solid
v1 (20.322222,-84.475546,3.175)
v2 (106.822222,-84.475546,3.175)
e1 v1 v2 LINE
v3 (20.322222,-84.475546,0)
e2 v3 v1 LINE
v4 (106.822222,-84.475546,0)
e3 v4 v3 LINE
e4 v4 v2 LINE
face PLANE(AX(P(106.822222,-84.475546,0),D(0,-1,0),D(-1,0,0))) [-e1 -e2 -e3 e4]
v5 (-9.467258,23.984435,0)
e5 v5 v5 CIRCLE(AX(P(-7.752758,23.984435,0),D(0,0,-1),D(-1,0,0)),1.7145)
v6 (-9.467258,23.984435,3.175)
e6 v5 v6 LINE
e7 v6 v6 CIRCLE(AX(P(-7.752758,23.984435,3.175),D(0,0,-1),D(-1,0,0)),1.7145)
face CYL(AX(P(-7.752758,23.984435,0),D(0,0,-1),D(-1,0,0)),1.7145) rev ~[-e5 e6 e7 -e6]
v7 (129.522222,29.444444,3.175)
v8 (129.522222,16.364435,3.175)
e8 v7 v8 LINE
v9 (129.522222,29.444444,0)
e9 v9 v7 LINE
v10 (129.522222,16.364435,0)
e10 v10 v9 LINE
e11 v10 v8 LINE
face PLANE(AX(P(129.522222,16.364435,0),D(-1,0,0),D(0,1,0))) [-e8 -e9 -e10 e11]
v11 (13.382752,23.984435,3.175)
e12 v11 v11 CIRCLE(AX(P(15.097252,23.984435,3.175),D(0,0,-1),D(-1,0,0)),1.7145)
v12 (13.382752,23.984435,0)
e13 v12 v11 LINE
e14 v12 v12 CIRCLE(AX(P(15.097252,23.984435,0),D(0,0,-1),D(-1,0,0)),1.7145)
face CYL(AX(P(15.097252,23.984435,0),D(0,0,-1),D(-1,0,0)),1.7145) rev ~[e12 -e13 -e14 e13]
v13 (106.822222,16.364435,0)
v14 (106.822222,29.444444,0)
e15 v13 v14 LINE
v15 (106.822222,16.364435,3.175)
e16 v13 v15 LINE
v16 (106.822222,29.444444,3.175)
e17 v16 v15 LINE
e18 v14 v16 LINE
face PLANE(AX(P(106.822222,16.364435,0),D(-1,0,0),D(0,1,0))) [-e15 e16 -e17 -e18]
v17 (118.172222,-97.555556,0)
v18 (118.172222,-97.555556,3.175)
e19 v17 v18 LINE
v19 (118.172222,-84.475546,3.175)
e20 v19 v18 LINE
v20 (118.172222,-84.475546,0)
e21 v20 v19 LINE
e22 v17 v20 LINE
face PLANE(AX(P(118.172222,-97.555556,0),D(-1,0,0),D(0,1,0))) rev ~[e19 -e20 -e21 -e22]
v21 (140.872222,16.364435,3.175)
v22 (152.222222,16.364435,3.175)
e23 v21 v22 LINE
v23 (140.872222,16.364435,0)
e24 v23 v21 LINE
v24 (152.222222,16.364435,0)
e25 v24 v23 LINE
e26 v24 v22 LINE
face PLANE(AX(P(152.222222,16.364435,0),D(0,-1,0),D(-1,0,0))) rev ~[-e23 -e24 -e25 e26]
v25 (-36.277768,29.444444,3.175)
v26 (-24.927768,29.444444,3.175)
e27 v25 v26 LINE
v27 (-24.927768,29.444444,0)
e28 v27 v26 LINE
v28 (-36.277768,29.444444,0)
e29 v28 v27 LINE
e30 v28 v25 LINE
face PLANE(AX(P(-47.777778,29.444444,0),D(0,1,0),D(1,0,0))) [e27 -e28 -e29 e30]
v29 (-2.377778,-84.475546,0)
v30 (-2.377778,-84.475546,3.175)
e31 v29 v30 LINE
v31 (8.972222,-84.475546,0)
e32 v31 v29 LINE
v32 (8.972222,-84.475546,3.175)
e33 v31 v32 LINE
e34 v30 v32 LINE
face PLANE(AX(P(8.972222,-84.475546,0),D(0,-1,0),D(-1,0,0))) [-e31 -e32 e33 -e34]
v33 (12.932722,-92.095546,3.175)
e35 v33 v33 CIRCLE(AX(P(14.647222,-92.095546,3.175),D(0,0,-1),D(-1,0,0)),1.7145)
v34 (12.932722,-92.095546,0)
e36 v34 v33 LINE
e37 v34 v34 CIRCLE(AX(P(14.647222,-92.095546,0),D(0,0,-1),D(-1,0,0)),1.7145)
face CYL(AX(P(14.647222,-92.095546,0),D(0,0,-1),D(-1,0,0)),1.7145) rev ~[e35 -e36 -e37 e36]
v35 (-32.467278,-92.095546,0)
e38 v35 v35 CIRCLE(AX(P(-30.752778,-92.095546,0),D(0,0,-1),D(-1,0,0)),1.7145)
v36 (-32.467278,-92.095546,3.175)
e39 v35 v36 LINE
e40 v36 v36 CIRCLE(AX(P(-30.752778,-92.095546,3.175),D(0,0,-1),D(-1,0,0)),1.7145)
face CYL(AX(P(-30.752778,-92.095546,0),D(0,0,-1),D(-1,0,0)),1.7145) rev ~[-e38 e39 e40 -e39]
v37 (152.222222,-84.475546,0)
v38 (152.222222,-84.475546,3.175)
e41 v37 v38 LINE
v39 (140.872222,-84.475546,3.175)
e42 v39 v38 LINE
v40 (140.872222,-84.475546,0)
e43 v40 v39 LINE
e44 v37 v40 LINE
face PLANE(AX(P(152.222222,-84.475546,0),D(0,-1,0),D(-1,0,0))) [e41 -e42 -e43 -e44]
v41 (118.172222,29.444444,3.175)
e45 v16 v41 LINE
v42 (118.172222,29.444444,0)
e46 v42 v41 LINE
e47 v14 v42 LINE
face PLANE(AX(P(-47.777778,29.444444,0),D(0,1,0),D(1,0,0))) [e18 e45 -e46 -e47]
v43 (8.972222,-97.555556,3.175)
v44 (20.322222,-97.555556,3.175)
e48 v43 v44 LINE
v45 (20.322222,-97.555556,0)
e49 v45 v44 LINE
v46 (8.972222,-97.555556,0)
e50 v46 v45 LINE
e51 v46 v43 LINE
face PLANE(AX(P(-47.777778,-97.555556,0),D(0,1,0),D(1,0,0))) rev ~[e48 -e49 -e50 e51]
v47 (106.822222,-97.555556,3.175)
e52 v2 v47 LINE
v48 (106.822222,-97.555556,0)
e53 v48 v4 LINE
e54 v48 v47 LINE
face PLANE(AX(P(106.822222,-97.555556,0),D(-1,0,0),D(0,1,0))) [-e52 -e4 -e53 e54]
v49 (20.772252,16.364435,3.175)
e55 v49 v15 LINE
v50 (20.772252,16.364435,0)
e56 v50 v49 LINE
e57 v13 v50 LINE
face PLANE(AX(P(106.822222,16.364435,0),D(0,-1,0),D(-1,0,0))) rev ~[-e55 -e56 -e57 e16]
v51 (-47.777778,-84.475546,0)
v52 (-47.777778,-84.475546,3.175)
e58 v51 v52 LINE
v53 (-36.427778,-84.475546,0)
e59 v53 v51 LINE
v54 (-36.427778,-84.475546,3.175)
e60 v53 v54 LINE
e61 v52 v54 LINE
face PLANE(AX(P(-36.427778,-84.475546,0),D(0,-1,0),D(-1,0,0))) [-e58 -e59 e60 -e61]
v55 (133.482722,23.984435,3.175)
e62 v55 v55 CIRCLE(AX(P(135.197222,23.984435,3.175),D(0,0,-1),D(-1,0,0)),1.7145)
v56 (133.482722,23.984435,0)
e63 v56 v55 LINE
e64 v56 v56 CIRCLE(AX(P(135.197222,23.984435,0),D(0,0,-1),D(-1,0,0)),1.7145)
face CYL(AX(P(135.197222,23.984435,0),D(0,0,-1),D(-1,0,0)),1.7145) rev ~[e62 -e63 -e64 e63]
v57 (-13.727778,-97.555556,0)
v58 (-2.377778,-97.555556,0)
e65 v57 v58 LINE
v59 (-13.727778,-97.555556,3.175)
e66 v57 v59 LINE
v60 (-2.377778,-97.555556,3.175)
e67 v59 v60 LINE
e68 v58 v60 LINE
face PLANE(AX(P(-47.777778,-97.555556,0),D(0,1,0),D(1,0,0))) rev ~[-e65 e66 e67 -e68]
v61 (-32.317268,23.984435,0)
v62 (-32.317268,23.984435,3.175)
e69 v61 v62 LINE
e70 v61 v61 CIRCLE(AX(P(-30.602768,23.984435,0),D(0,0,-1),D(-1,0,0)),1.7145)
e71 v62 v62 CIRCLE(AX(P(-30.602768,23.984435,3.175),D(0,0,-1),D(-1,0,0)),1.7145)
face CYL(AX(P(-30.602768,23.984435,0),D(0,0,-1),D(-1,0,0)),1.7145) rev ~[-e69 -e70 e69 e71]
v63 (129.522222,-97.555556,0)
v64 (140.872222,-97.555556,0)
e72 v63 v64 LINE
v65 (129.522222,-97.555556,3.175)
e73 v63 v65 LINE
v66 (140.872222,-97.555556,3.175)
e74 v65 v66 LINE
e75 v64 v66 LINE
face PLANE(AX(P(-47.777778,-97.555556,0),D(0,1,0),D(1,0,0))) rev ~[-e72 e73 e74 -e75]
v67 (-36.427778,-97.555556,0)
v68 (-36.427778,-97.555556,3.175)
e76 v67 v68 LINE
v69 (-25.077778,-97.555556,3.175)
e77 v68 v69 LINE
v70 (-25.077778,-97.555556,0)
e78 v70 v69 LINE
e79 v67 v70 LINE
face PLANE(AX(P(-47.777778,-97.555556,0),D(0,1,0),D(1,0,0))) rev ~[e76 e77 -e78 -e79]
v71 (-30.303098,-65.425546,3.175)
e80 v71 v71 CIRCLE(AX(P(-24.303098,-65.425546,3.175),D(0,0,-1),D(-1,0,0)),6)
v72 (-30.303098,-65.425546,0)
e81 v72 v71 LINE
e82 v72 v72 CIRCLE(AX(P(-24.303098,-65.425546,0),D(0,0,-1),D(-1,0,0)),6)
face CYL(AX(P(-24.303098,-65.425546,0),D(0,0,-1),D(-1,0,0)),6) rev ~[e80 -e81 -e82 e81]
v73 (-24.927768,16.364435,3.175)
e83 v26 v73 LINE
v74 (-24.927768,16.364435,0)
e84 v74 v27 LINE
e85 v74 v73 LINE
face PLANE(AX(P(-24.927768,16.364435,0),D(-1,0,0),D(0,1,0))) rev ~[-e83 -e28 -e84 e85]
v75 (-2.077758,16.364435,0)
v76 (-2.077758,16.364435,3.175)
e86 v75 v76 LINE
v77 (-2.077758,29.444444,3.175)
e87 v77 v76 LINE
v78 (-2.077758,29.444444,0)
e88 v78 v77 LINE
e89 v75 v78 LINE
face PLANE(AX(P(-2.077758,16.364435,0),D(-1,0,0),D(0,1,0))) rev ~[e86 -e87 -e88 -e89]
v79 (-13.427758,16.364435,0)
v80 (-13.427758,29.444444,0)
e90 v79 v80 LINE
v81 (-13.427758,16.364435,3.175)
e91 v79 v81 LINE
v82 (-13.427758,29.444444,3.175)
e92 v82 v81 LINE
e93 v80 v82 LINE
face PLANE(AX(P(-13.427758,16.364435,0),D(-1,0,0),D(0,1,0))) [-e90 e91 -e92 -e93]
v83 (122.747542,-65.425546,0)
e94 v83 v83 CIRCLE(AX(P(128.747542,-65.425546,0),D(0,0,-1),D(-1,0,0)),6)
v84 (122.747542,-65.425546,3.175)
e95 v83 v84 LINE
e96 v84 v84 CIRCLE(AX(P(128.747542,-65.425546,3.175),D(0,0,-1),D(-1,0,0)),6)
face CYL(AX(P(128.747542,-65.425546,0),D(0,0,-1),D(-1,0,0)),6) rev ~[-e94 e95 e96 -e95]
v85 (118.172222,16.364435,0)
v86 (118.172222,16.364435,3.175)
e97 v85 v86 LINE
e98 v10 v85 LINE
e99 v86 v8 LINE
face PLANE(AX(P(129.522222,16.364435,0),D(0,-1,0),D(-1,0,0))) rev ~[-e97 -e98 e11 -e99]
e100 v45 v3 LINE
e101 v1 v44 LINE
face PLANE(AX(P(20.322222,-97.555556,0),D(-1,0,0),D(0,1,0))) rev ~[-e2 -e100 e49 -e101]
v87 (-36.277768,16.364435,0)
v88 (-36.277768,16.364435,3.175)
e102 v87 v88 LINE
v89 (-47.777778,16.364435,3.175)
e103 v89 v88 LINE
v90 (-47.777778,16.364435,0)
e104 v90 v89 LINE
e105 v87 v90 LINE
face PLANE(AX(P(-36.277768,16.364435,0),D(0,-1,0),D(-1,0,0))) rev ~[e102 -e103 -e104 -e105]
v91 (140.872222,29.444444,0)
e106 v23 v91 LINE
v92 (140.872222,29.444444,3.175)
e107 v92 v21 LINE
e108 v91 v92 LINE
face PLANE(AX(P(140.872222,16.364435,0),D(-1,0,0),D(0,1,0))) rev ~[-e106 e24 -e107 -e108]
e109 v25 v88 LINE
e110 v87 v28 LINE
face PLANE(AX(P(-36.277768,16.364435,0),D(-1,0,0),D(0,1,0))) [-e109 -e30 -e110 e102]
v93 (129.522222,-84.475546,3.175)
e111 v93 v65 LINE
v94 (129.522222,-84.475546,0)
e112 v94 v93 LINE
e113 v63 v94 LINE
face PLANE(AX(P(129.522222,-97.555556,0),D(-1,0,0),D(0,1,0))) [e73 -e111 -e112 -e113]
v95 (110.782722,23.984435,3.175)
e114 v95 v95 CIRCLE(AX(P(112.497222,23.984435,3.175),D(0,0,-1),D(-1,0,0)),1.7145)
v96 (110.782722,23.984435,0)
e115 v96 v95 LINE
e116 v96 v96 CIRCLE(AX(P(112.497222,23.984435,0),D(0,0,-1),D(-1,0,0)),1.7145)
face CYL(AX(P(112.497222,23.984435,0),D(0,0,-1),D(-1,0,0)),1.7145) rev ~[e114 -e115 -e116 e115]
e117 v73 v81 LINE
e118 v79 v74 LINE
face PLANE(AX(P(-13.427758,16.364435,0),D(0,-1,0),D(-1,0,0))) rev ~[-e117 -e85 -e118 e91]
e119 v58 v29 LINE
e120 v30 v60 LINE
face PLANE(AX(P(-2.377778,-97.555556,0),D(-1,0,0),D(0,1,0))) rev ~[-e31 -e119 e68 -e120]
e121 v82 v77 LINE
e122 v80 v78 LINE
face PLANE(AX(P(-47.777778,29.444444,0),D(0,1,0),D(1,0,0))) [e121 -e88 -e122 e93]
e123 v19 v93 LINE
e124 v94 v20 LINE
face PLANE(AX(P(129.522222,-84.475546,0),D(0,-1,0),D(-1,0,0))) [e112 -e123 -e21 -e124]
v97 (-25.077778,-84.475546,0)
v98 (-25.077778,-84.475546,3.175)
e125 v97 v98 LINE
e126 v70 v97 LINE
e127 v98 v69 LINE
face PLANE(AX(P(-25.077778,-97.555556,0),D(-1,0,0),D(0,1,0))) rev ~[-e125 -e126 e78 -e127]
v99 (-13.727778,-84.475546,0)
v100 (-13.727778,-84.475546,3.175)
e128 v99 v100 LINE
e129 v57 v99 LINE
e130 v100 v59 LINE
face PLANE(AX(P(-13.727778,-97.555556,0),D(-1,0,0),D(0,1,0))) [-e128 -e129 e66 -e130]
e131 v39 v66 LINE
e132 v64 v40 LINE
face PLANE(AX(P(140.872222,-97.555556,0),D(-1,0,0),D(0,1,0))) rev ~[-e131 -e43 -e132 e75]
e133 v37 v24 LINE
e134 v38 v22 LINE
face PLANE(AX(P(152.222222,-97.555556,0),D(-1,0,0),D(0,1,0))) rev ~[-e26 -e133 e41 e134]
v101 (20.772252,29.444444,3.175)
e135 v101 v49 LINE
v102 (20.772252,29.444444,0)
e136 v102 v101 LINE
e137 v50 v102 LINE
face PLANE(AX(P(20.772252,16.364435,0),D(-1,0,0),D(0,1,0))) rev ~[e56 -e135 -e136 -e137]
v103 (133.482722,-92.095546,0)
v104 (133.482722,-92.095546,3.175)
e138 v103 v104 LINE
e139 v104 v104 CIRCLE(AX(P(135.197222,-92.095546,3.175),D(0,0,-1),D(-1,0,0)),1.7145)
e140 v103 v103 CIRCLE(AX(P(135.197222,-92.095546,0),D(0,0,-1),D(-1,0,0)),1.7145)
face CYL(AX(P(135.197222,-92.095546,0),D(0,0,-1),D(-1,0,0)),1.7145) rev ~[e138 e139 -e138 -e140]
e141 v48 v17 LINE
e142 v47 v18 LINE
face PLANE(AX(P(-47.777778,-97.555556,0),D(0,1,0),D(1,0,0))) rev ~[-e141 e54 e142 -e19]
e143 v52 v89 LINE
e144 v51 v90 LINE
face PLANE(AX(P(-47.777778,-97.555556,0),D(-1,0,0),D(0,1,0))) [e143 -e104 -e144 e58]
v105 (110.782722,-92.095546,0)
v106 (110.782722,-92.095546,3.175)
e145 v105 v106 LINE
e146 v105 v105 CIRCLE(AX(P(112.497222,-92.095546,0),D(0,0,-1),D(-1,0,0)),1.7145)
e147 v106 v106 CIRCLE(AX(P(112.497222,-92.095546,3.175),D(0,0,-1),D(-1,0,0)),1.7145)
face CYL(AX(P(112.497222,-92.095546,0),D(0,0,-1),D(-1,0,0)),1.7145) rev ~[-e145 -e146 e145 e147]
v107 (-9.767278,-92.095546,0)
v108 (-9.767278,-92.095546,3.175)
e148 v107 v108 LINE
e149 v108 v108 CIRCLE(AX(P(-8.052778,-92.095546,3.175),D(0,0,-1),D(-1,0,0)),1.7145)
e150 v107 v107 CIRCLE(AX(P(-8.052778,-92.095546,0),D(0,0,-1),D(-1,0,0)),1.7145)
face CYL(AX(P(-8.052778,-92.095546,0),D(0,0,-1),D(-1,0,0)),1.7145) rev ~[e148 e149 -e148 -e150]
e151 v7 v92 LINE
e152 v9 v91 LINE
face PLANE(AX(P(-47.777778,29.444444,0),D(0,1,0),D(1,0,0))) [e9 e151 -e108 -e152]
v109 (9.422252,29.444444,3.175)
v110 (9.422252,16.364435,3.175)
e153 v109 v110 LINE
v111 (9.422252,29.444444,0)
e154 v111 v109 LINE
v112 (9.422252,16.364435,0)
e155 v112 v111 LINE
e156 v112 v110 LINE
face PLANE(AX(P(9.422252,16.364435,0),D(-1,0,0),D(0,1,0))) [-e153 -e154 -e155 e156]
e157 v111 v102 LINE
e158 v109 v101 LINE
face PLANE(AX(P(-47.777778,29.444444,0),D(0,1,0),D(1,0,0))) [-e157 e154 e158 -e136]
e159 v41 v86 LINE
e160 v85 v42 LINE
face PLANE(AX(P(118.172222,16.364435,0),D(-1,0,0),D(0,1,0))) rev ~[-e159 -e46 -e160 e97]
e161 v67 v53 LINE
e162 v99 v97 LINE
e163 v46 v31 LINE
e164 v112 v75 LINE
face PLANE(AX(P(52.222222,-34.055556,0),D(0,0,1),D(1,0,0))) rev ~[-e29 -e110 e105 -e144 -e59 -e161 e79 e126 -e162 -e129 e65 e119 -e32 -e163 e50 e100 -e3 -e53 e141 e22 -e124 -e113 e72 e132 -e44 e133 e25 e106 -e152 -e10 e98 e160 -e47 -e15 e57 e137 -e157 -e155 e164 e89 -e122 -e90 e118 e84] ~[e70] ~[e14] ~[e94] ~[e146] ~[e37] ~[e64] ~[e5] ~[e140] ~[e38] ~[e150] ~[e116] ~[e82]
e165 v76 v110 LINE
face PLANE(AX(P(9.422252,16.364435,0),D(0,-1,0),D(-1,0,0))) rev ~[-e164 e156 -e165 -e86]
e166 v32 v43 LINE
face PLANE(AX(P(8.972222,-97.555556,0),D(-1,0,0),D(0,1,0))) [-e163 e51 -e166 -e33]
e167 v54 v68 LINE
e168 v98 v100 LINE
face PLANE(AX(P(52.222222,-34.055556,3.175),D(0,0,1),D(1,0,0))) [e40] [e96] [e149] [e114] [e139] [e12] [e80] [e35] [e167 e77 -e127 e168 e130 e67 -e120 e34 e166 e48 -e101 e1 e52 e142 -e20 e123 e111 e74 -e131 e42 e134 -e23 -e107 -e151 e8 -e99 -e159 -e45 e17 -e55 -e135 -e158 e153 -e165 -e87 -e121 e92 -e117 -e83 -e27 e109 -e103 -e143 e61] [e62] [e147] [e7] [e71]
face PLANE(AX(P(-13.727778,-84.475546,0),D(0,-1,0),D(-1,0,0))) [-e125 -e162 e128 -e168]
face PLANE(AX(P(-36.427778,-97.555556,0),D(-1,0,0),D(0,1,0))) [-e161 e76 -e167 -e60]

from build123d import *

# Parameters (mm, degrees)
SKETCH1_W               = 200
SKETCH1_H               = 127
BOSS_EXTRUDE1_DEPTH     = 3.175
SKETCH4_W               = 11.35
SKETCH4_H               = 13.0800094
SKETCH4_W_2             = 86.049970282
SKETCH4_W_3             = 11.50001
SKETCH4_W_4             = 86.500000282
CUT_EXTRUDE1_DEPTH      = 4.175
SKETCH5_R               = 6
CUT_EXTRUDE2_DEPTH      = 1
CUT_EXTRUDE2_DEPTH_BACK = 4.175
SKETCH6_R               = 1.7145
CUT_EXTRUDE3_DEPTH      = 4.175


with BuildPart() as part:
    # Sketch1 → Boss-Extrude1 (new body)
    with BuildSketch(Plane.XY):
        with Locations((52.222222222, -34.055555556)):
            Rectangle(SKETCH1_W, SKETCH1_H)
    extrude(amount=BOSS_EXTRUDE1_DEPTH)

    # Sketch4 → Cut-Extrude1 (cut, through all)
    with BuildSketch(Plane(origin=(0, 0, 0), x_dir=(-1, 0, 0), z_dir=(0, 0, -1))):
        with Locations((-146.547222222, 22.904439744)):
            Rectangle(SKETCH4_W, SKETCH4_H)
        with Locations((-123.847222222, 22.904439744)):
            Rectangle(SKETCH4_W, SKETCH4_H)
        with Locations((-63.797237175, 22.904439744)):
            Rectangle(SKETCH4_W_2, SKETCH4_H)
        with Locations((-3.672247128, 22.904439744)):
            Rectangle(SKETCH4_W_3, SKETCH4_H)
        with Locations((19.177762872, 22.904439744)):
            Rectangle(SKETCH4_W_3, SKETCH4_H)
        with Locations((42.027772778, 22.904439744)):
            Rectangle(SKETCH4_W_3, SKETCH4_H)
        with Locations((-146.547222222, -91.015550856)):
            Rectangle(SKETCH4_W, SKETCH4_H)
        with Locations((-123.847222222, -91.015550856)):
            Rectangle(SKETCH4_W, SKETCH4_H)
        with Locations((-63.572222175, -91.015550856)):
            Rectangle(SKETCH4_W_4, SKETCH4_H)
        with Locations((-3.297222034, -91.015550856)):
            Rectangle(SKETCH4_W, SKETCH4_H)
        with Locations((19.402777872, -91.015550856)):
            Rectangle(SKETCH4_W, SKETCH4_H)
        with Locations((42.102777778, -91.015550856)):
            Rectangle(SKETCH4_W, SKETCH4_H)
    extrude(amount=-CUT_EXTRUDE1_DEPTH, mode=Mode.SUBTRACT)

    # Sketch5 → Cut-Extrude2 (cut, two sides)
    with BuildSketch(Plane(origin=(0, 0, 0), x_dir=(-1, 0, 0), z_dir=(0, 0, -1))) as cut_extrude2_sk:
        with Locations((-128.747542222, -65.425546156)):
            Circle(SKETCH5_R)
        with Locations((24.303097778, -65.425546156)):
            Circle(SKETCH5_R)
    extrude(amount=CUT_EXTRUDE2_DEPTH, mode=Mode.SUBTRACT)
    extrude(cut_extrude2_sk.sketch, amount=-CUT_EXTRUDE2_DEPTH_BACK, mode=Mode.SUBTRACT)

    # Sketch6 → Cut-Extrude3 (cut, through all)
    with BuildSketch(Plane(origin=(0, 0, 0), x_dir=(-1, 0, 0), z_dir=(0, 0, -1))):
        with Locations((-135.197222222, 23.984435044)):
            Circle(SKETCH6_R)
        with Locations((-112.497222269, 23.984435044)):
            Circle(SKETCH6_R)
        with Locations((-15.097252081, 23.984435044)):
            Circle(SKETCH6_R)
        with Locations((7.752757872, 23.984435044)):
            Circle(SKETCH6_R)
        with Locations((30.602767825, 23.984435044)):
            Circle(SKETCH6_R)
        with Locations((-112.497222269, -92.095546156)):
            Circle(SKETCH6_R)
        with Locations((-135.197222222, -92.095546156)):
            Circle(SKETCH6_R)
        with Locations((-14.647222034, -92.095546156)):
            Circle(SKETCH6_R)
        with Locations((8.052777919, -92.095546156)):
            Circle(SKETCH6_R)
        with Locations((30.752777825, -92.095546156)):
            Circle(SKETCH6_R)
    extrude(amount=-CUT_EXTRUDE3_DEPTH, mode=Mode.SUBTRACT)


solid = part.part
